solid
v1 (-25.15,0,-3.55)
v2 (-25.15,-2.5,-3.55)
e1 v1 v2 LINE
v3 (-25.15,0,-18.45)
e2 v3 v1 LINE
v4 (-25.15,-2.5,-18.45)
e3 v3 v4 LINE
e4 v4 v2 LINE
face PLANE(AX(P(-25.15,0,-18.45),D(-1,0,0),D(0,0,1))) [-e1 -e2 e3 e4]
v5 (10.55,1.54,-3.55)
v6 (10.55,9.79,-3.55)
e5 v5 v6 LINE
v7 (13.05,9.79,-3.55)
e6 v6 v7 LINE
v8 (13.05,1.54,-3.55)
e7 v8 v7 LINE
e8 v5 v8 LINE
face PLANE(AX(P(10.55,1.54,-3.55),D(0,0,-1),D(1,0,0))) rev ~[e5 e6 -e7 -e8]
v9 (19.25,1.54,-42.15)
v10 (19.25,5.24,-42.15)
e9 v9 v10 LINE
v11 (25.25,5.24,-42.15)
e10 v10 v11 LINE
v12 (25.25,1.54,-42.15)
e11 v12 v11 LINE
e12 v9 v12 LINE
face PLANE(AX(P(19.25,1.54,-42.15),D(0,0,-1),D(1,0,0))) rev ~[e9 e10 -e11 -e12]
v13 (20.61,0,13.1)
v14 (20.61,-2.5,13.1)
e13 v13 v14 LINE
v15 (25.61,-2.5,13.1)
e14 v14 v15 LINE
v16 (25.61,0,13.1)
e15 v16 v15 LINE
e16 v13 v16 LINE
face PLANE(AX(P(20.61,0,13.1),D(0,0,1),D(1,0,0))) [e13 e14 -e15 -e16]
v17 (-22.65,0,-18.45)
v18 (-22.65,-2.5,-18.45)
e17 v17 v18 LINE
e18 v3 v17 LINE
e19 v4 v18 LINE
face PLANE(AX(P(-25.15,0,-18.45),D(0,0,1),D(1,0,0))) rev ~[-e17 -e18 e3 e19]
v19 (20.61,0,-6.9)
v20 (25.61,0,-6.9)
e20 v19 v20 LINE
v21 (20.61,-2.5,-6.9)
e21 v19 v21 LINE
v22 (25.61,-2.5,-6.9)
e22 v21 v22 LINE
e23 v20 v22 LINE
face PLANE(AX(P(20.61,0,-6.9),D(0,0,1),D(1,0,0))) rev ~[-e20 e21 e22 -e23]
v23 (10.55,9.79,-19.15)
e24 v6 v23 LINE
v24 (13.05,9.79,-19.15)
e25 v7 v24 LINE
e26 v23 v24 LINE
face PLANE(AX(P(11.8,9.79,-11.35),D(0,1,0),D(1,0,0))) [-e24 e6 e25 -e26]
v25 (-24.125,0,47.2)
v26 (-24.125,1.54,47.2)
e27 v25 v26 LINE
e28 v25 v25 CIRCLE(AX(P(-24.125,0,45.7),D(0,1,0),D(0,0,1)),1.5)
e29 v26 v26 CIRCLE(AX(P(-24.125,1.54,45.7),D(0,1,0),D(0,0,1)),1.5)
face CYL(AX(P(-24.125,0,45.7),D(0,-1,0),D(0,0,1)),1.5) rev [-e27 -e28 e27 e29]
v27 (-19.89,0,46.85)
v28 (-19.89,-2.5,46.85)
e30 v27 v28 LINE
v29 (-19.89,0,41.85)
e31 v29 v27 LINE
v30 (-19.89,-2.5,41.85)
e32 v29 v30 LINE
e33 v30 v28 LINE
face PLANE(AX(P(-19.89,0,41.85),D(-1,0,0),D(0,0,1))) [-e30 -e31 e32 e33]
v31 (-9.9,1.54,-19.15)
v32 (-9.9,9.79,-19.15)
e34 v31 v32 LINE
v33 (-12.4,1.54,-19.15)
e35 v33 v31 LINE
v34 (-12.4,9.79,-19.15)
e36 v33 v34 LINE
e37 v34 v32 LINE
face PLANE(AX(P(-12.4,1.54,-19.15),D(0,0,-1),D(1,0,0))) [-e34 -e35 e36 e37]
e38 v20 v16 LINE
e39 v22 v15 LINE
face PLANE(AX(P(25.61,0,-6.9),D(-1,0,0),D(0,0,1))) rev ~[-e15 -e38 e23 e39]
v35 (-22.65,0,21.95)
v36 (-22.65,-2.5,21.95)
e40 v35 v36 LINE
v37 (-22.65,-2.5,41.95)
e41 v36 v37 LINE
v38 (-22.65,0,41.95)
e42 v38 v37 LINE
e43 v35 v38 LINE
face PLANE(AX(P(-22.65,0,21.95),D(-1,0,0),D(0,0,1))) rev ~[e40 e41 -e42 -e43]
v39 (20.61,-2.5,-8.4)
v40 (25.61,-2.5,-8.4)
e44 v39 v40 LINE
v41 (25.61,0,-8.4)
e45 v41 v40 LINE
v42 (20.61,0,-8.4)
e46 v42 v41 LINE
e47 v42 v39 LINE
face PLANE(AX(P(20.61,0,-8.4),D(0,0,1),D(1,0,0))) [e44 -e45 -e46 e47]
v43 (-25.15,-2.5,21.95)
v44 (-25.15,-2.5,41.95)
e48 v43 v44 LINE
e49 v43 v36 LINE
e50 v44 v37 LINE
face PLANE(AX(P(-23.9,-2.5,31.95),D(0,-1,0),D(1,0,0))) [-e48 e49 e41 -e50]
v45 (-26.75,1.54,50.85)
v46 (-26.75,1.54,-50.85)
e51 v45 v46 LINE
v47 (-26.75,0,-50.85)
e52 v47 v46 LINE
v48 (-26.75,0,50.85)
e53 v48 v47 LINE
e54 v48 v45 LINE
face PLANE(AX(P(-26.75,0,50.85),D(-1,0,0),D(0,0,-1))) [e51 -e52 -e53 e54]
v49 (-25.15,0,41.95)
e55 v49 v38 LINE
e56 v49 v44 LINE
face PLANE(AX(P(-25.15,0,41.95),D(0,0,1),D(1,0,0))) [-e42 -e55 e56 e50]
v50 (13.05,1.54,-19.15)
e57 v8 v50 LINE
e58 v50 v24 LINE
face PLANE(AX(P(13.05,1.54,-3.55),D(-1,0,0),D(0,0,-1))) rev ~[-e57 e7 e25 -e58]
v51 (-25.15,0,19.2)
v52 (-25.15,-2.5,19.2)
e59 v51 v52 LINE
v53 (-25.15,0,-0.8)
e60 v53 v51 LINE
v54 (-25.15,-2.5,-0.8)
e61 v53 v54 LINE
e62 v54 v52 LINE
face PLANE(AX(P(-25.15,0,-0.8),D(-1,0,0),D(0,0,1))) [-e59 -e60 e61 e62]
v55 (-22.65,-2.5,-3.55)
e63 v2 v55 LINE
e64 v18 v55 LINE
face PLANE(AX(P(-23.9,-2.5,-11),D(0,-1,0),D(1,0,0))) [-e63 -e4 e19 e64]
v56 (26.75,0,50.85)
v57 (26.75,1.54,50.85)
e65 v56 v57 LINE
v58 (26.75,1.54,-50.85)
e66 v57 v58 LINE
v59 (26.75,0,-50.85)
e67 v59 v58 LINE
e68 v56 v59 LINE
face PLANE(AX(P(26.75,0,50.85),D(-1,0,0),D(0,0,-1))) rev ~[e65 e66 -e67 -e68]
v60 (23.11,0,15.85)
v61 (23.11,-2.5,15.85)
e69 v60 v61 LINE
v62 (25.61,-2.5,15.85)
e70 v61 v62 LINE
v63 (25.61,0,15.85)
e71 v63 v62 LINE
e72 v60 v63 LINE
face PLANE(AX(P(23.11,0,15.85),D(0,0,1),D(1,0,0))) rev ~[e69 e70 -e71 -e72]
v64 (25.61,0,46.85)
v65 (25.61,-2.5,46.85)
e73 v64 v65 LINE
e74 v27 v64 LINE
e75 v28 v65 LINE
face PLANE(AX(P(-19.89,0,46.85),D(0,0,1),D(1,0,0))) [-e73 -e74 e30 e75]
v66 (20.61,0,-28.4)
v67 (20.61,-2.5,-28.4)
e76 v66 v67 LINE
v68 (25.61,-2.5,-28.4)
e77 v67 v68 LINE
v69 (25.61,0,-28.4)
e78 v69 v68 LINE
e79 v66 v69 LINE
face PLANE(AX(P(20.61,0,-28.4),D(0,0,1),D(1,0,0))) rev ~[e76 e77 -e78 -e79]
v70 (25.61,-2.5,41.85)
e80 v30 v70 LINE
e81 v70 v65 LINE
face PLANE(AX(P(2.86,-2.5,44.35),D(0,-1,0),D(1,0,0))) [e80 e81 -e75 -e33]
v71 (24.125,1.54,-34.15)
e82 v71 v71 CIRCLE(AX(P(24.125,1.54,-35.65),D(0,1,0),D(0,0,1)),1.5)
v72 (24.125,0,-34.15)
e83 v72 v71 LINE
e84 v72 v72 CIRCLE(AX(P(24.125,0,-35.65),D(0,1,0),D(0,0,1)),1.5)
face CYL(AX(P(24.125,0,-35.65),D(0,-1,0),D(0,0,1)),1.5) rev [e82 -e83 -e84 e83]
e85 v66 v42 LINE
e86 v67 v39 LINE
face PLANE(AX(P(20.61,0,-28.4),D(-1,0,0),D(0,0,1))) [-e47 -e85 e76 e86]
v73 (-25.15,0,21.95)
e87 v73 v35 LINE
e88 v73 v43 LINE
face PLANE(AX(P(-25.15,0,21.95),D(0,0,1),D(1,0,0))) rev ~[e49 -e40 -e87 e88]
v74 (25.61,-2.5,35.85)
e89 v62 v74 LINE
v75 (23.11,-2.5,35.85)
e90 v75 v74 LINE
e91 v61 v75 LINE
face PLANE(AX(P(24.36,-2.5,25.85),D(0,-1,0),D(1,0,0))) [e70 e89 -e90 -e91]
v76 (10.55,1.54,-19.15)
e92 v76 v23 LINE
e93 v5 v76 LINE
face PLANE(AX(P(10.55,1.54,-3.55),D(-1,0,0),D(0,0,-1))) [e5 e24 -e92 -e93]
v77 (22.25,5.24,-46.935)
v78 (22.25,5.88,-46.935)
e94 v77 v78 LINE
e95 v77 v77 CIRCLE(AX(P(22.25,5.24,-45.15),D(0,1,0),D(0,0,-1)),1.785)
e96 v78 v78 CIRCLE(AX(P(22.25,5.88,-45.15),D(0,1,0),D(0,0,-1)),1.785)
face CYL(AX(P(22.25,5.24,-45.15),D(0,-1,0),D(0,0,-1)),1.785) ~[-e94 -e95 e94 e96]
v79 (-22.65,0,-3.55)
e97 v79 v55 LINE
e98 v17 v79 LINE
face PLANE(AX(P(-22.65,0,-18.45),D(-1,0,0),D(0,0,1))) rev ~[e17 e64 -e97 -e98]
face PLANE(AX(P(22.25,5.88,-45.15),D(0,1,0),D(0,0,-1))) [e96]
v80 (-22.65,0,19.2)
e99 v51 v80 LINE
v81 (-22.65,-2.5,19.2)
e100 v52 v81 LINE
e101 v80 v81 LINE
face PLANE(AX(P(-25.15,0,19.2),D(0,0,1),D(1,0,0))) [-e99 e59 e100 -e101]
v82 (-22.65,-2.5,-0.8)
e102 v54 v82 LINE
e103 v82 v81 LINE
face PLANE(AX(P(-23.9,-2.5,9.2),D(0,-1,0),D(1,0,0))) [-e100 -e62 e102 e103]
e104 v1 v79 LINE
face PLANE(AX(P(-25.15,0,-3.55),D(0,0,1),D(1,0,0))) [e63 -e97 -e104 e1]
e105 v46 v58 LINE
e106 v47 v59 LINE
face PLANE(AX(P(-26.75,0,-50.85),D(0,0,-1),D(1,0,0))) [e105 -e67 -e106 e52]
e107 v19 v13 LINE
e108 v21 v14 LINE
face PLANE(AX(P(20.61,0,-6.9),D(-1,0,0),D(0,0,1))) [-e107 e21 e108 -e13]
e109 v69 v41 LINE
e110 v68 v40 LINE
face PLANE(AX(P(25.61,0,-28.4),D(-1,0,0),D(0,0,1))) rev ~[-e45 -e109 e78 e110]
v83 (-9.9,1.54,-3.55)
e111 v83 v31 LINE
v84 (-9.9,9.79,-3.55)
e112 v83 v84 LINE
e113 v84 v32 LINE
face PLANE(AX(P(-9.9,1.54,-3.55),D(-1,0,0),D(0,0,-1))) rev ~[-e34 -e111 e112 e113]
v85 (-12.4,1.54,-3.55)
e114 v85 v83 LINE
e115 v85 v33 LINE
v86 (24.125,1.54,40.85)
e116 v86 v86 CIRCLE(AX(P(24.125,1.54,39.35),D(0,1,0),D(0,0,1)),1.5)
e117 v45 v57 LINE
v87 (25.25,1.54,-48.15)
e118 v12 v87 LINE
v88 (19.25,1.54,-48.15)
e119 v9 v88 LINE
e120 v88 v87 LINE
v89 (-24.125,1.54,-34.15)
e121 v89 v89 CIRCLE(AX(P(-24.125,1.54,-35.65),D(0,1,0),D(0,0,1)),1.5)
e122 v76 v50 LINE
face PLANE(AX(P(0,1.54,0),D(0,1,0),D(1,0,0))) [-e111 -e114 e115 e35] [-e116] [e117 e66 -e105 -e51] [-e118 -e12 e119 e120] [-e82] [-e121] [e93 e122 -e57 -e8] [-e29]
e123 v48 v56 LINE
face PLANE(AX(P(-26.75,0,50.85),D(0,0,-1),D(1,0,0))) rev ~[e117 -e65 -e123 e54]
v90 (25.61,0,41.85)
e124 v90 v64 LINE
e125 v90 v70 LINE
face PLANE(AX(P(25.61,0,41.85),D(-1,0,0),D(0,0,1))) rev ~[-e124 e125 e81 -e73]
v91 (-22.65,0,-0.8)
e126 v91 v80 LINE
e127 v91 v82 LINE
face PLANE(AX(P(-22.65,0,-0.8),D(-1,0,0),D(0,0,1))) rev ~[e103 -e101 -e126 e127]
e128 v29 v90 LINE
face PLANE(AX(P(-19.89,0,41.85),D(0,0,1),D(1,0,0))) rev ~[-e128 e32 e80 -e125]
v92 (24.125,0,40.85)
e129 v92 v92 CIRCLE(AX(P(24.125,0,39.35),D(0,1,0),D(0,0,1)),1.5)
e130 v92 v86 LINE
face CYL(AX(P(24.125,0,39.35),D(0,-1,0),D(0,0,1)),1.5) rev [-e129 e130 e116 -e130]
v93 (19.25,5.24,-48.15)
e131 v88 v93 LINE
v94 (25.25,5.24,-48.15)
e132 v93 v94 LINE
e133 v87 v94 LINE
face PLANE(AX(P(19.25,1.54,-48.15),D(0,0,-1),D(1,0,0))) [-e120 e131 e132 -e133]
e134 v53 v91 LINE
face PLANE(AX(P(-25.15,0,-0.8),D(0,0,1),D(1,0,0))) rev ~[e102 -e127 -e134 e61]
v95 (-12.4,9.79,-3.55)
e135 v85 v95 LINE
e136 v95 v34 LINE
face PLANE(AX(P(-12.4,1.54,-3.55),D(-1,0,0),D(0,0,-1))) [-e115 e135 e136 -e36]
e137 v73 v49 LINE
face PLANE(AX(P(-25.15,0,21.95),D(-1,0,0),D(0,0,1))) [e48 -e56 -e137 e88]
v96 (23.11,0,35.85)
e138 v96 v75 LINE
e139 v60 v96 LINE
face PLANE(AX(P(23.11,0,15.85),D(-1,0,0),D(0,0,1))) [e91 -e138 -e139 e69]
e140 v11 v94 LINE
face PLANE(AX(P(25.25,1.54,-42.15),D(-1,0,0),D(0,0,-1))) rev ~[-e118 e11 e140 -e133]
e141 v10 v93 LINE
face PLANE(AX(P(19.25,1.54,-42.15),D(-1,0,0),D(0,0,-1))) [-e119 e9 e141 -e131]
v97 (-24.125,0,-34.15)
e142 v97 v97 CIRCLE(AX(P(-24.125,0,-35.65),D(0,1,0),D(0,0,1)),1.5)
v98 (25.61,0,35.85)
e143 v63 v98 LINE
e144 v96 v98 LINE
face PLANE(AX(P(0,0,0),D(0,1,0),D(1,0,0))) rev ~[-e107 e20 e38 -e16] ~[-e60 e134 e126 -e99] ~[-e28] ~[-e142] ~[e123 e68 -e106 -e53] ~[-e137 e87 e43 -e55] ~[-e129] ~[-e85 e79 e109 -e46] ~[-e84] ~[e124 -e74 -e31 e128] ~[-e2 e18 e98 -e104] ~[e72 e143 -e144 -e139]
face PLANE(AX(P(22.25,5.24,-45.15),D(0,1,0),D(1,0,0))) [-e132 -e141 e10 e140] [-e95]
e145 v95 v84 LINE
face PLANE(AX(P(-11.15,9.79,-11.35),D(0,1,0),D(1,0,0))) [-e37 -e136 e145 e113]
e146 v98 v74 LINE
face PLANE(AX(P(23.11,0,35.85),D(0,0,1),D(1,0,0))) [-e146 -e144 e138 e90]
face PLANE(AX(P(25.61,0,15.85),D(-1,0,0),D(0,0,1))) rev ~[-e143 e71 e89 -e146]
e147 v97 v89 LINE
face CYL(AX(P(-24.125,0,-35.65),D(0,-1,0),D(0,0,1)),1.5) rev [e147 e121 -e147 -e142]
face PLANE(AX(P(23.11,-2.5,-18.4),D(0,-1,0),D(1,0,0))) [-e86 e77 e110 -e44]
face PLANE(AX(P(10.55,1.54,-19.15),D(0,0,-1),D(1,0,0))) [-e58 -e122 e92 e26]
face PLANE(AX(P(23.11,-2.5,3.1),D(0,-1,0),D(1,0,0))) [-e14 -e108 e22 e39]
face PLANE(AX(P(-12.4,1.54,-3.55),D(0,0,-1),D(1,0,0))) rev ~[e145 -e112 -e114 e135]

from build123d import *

# Parameters (mm, degrees)
SKETCH1_W           = 53.5
SKETCH1_H           = 101.7
SKETCH1_R           = 1.5
BOSS_EXTRUDE1_DEPTH = 1.54
SKETCH2_W           = 2.5
SKETCH2_H           = 15.6
BOSS_EXTRUDE2_DEPTH = 8.25
SKETCH3_W           = 6
SKETCH3_H           = 6
BOSS_EXTRUDE3_DEPTH = 3.7
SKETCH5_R           = 1.785
BOSS_EXTRUDE5_DEPTH = 0.64
SKETCH4_W           = 45.5
SKETCH4_H           = 5
SKETCH4_W_2         = 2.5
SKETCH4_H_2         = 20
SKETCH4_W_3         = 5
SKETCH4_H_3         = 14.9
BOSS_EXTRUDE4_DEPTH = 2.5


with BuildPart() as part:
    # Sketch1 → Boss-Extrude1 (new body)
    with BuildSketch(Plane(origin=(0, 0, 0), x_dir=(1, 0, 0), z_dir=(0, 1, 0))):
        Rectangle(SKETCH1_W, SKETCH1_H)
        with Locations(Location((24.125, -39.35, 0), (0, 0, 270))):
            Circle(SKETCH1_R, mode=Mode.SUBTRACT)
        with Locations(Location((-24.125, -45.7, 0), (0, 0, 270))):
            Circle(SKETCH1_R, mode=Mode.SUBTRACT)
        with Locations(Location((24.125, 35.65, 0), (0, 0, 270))):
            Circle(SKETCH1_R, mode=Mode.SUBTRACT)
        with Locations(Location((-24.125, 35.65, 0), (0, 0, 270))):
            Circle(SKETCH1_R, mode=Mode.SUBTRACT)
    extrude(amount=BOSS_EXTRUDE1_DEPTH)

    # Sketch2 → Boss-Extrude2 (add)
    with BuildSketch(Plane(origin=(0, 1.54, 0), x_dir=(1, 0, 0), z_dir=(0, 1, 0))):
        with Locations((11.8, 11.35)):
            Rectangle(SKETCH2_W, SKETCH2_H)
        with Locations((-11.15, 11.35)):
            Rectangle(SKETCH2_W, SKETCH2_H)
    extrude(amount=BOSS_EXTRUDE2_DEPTH)

    # Sketch3 → Boss-Extrude3 (add)
    with BuildSketch(Plane(origin=(0, 1.54, 0), x_dir=(1, 0, 0), z_dir=(0, 1, 0))):
        with Locations((22.25, 45.15)):
            Rectangle(SKETCH3_W, SKETCH3_H)
    extrude(amount=BOSS_EXTRUDE3_DEPTH)

    # Sketch5 → Boss-Extrude5 (add)
    with BuildSketch(Plane(origin=(0, 5.24, 0), x_dir=(1, 0, 0), z_dir=(0, 1, 0))):
        with Locations(Location((22.25, 45.15, 0), (0, 0, 90))):
            Circle(SKETCH5_R)
    extrude(amount=BOSS_EXTRUDE5_DEPTH)

    # Sketch4 → Boss-Extrude4 (add)
    with BuildSketch(Plane.XZ):
        with Locations((2.86, 44.35)):
            Rectangle(SKETCH4_W, SKETCH4_H)
        with Locations((24.36, 25.85)):
            Rectangle(SKETCH4_W_2, SKETCH4_H_2)
        with Locations((23.11, 3.1)):
            Rectangle(SKETCH4_W_3, SKETCH4_H_2)
        with Locations((23.11, -18.4)):
            Rectangle(SKETCH4_W_3, SKETCH4_H_2)
        with Locations((-23.9, 31.95)):
            Rectangle(SKETCH4_W_2, SKETCH4_H_2)
        with Locations((-23.9, 9.2)):
            Rectangle(SKETCH4_W_2, SKETCH4_H_2)
        with Locations((-23.9, -11)):
            Rectangle(SKETCH4_W_2, SKETCH4_H_3)
    extrude(amount=BOSS_EXTRUDE4_DEPTH)


solid = part.part
